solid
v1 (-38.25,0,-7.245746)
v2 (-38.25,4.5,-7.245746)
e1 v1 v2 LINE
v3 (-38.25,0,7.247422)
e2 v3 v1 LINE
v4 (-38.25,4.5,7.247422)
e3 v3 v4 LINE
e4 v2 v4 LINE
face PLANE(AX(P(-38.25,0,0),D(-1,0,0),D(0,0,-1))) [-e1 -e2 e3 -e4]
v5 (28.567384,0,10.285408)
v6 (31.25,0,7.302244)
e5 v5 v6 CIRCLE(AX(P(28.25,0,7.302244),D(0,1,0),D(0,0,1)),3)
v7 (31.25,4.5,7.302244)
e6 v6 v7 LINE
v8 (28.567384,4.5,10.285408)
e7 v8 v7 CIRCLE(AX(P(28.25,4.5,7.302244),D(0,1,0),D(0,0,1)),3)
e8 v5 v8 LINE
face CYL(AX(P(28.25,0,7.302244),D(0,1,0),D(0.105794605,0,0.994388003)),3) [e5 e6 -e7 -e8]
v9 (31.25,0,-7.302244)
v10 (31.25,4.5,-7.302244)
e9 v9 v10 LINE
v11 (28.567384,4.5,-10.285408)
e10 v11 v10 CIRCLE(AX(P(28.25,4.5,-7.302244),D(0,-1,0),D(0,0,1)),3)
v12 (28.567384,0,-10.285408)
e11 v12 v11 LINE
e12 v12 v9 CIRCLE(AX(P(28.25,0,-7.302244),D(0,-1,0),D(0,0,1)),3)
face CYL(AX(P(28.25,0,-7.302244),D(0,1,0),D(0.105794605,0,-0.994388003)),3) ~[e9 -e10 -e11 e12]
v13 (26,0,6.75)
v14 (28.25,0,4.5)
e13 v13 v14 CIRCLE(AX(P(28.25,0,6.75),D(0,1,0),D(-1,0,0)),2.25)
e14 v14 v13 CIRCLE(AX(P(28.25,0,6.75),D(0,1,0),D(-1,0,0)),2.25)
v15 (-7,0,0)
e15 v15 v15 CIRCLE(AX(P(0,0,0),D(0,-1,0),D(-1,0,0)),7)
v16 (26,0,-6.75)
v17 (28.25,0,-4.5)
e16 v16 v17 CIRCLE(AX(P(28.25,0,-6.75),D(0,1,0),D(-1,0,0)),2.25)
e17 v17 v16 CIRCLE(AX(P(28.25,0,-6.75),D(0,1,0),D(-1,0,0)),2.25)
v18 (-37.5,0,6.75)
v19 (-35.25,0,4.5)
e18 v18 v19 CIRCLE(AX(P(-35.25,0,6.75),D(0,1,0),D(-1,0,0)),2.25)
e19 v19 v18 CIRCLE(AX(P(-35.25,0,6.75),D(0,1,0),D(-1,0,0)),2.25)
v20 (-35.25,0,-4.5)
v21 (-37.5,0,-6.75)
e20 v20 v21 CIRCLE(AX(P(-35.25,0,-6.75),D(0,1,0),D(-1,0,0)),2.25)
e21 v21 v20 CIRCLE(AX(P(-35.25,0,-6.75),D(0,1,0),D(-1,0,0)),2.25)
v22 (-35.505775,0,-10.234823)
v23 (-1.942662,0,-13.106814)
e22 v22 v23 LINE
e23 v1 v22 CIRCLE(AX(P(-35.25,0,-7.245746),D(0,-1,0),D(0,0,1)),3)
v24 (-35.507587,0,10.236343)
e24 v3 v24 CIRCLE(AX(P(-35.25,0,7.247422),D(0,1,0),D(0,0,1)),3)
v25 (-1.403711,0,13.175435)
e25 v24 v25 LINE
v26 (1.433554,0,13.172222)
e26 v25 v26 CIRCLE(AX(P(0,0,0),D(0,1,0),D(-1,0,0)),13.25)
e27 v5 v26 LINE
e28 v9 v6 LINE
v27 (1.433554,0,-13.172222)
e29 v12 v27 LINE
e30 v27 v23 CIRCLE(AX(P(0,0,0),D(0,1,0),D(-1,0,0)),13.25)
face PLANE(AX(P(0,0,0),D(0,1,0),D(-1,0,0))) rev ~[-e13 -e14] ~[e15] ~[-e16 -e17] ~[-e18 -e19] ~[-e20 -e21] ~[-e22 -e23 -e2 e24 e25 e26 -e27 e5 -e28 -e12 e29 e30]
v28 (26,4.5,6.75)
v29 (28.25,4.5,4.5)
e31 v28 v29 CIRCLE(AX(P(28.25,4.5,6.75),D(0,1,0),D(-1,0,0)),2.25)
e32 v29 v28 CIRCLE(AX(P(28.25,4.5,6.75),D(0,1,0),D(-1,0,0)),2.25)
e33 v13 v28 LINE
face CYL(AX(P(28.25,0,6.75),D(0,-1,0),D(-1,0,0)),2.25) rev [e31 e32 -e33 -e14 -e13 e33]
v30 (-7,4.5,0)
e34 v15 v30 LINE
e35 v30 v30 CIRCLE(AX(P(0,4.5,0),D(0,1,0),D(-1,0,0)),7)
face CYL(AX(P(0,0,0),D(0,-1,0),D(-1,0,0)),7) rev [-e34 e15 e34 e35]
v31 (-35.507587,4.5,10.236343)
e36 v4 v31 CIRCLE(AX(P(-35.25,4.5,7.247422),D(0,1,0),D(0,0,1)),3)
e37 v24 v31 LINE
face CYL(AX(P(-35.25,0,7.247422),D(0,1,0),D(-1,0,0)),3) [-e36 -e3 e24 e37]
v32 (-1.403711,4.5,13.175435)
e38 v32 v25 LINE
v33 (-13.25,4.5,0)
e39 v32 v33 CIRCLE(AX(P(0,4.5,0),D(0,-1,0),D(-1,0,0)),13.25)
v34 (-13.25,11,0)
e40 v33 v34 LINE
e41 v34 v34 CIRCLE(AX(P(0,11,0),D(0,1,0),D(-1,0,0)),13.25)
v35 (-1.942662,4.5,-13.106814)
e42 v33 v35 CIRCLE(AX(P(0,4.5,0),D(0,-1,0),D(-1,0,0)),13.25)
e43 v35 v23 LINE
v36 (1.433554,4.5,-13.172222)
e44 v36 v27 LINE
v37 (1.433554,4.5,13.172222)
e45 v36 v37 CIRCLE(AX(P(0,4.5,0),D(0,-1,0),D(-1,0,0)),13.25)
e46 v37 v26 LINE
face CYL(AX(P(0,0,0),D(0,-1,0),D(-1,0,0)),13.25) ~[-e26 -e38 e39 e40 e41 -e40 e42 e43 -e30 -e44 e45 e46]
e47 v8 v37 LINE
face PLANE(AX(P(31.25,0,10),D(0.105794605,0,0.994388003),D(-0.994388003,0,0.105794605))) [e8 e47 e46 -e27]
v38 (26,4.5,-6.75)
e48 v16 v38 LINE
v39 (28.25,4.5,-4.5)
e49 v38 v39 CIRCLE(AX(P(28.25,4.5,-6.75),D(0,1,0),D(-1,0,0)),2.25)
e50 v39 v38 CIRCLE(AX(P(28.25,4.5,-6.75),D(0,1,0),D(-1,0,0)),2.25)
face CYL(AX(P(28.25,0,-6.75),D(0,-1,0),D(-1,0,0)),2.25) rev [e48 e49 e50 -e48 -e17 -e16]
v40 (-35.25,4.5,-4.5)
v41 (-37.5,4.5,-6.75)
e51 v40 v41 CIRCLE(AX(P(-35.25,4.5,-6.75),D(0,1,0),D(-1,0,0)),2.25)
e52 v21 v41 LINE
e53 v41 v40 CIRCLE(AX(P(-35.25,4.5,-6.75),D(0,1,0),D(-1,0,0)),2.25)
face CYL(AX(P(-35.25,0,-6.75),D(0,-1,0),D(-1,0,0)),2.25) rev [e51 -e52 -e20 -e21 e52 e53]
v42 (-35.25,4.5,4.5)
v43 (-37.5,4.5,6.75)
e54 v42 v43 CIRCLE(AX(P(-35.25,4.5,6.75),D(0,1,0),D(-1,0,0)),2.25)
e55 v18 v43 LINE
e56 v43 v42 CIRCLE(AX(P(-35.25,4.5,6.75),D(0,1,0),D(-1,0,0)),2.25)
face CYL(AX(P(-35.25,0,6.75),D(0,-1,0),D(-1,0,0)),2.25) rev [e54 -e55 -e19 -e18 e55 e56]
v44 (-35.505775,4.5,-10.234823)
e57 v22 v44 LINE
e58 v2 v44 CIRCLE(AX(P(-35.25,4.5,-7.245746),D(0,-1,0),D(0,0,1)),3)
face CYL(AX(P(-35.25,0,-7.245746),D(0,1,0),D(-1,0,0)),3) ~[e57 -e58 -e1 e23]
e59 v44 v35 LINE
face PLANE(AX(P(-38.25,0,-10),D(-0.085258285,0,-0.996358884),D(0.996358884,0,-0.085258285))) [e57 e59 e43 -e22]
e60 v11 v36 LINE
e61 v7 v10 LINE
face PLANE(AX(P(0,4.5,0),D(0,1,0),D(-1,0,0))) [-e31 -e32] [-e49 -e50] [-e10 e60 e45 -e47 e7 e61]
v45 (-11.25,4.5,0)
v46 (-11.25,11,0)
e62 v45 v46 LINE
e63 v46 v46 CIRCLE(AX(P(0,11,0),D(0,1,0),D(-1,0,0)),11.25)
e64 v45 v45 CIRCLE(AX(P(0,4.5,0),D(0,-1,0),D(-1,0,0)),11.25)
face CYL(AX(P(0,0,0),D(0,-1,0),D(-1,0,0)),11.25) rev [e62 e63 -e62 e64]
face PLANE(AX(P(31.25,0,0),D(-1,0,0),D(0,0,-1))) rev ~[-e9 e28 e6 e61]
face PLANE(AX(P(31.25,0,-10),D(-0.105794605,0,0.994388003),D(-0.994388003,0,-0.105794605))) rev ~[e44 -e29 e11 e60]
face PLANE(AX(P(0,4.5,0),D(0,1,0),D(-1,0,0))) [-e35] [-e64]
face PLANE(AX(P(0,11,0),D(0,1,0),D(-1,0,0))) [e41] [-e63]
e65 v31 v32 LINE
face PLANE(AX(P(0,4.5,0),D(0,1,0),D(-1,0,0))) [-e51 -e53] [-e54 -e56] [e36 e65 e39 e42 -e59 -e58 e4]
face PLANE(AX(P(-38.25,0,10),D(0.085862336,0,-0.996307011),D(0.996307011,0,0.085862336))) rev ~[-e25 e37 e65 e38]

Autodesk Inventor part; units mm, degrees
sketch "Sketch1" plane through (0, 0, 0) normal (0, 1, 0) x (-1, 0, 0)
  circle A0 centre (0, 0) radius 7
  line L0 (0, 0) -> (-31.25, 0)
  line L1 (-31.25, 0) -> (-31.25, -10)
  line L2 (-31.25, 0) -> (-31.25, 10)
  line L3 (-31.25, -10) -> (-1.4018, -13.1756)
  line L4 (-31.25, 10) -> (-1.4018, 13.1756)
  line L5 (0, 0) -> (38.25, 0)
  line L6 (38.25, 0) -> (38.25, -10)
  line L7 (38.25, -10) -> (1.1388, -13.1756)
  line L8 (38.25, 0) -> (38.25, 10)
  line L9 (38.25, 10) -> (1.4018, 13.1756)
  line L10 (-31.25, 0) -> (-28.25, 0)
  line L11 (-28.25, 0) -> (-28.25, -6.75)
  line L12 (-28.25, 0) -> (-28.25, 6.75)
  circle A1 centre (-28.25, -6.75) radius 2.25
  circle A2 centre (-28.25, 6.75) radius 2.25
  line L13 (38.25, 0) -> (35.25, 0)
  line L14 (35.25, 0) -> (35.25, -6.75)
  line L15 (35.25, 0) -> (35.25, 6.75)
  circle A3 centre (35.25, -6.75) radius 2.25
  circle A4 centre (35.25, 6.75) radius 2.25
  line L16 (1.1388, -13.1756) -> (-1.4018, -13.1756)
  line L17 (1.4018, 13.1756) -> (-1.4018, 13.1756)
  dimension "d2" = 14
  dimension "d3" = 31.25
  dimension "d4" = 10
  dimension "d5" = 10
  dimension "d6" = 38.25
  dimension "d7" = 10
  dimension "d8" = 10
  dimension "d9" = 3
  dimension "d10" = 6.75
  dimension "d11" = 6.75
  dimension "d12" = 4.5
  dimension "d13" = 4.5
  dimension "d14" = 3
  dimension "d15" = 6.75
  dimension "d16" = 6.75
  dimension "d17" = 4.5
  dimension "d18" = 4.5
extrude "Extrusion1" add sketch "Sketch1" along normal blind 4.5 contours L5 L6 L7 L16 L3 L1 L0 A0 | A0 L0 L2 L4 L17 L9 L8 L5
sketch "Sketch2" plane through (0, 0, 0) normal (0, 1, 0) x (-1, 0, 0)
  circle A0 centre (0, 0) radius 13.25
  circle A1 centre (0, 0) radius 11.25
  dimension "d21" = 26.5
  dimension "d22" = 22.5
extrude "Extrusion2" add sketch "Sketch2" along normal blind 11
fillet "Fillet1" radius 3 1 edges at (-38.25, 2.25, -10)
fillet "Fillet2" radius 3 3 edges at (-38.25, 2.25, 10) (31.25, 2.25, 10) (31.25, 2.25, -10)
properties part number "bearing_holder"
